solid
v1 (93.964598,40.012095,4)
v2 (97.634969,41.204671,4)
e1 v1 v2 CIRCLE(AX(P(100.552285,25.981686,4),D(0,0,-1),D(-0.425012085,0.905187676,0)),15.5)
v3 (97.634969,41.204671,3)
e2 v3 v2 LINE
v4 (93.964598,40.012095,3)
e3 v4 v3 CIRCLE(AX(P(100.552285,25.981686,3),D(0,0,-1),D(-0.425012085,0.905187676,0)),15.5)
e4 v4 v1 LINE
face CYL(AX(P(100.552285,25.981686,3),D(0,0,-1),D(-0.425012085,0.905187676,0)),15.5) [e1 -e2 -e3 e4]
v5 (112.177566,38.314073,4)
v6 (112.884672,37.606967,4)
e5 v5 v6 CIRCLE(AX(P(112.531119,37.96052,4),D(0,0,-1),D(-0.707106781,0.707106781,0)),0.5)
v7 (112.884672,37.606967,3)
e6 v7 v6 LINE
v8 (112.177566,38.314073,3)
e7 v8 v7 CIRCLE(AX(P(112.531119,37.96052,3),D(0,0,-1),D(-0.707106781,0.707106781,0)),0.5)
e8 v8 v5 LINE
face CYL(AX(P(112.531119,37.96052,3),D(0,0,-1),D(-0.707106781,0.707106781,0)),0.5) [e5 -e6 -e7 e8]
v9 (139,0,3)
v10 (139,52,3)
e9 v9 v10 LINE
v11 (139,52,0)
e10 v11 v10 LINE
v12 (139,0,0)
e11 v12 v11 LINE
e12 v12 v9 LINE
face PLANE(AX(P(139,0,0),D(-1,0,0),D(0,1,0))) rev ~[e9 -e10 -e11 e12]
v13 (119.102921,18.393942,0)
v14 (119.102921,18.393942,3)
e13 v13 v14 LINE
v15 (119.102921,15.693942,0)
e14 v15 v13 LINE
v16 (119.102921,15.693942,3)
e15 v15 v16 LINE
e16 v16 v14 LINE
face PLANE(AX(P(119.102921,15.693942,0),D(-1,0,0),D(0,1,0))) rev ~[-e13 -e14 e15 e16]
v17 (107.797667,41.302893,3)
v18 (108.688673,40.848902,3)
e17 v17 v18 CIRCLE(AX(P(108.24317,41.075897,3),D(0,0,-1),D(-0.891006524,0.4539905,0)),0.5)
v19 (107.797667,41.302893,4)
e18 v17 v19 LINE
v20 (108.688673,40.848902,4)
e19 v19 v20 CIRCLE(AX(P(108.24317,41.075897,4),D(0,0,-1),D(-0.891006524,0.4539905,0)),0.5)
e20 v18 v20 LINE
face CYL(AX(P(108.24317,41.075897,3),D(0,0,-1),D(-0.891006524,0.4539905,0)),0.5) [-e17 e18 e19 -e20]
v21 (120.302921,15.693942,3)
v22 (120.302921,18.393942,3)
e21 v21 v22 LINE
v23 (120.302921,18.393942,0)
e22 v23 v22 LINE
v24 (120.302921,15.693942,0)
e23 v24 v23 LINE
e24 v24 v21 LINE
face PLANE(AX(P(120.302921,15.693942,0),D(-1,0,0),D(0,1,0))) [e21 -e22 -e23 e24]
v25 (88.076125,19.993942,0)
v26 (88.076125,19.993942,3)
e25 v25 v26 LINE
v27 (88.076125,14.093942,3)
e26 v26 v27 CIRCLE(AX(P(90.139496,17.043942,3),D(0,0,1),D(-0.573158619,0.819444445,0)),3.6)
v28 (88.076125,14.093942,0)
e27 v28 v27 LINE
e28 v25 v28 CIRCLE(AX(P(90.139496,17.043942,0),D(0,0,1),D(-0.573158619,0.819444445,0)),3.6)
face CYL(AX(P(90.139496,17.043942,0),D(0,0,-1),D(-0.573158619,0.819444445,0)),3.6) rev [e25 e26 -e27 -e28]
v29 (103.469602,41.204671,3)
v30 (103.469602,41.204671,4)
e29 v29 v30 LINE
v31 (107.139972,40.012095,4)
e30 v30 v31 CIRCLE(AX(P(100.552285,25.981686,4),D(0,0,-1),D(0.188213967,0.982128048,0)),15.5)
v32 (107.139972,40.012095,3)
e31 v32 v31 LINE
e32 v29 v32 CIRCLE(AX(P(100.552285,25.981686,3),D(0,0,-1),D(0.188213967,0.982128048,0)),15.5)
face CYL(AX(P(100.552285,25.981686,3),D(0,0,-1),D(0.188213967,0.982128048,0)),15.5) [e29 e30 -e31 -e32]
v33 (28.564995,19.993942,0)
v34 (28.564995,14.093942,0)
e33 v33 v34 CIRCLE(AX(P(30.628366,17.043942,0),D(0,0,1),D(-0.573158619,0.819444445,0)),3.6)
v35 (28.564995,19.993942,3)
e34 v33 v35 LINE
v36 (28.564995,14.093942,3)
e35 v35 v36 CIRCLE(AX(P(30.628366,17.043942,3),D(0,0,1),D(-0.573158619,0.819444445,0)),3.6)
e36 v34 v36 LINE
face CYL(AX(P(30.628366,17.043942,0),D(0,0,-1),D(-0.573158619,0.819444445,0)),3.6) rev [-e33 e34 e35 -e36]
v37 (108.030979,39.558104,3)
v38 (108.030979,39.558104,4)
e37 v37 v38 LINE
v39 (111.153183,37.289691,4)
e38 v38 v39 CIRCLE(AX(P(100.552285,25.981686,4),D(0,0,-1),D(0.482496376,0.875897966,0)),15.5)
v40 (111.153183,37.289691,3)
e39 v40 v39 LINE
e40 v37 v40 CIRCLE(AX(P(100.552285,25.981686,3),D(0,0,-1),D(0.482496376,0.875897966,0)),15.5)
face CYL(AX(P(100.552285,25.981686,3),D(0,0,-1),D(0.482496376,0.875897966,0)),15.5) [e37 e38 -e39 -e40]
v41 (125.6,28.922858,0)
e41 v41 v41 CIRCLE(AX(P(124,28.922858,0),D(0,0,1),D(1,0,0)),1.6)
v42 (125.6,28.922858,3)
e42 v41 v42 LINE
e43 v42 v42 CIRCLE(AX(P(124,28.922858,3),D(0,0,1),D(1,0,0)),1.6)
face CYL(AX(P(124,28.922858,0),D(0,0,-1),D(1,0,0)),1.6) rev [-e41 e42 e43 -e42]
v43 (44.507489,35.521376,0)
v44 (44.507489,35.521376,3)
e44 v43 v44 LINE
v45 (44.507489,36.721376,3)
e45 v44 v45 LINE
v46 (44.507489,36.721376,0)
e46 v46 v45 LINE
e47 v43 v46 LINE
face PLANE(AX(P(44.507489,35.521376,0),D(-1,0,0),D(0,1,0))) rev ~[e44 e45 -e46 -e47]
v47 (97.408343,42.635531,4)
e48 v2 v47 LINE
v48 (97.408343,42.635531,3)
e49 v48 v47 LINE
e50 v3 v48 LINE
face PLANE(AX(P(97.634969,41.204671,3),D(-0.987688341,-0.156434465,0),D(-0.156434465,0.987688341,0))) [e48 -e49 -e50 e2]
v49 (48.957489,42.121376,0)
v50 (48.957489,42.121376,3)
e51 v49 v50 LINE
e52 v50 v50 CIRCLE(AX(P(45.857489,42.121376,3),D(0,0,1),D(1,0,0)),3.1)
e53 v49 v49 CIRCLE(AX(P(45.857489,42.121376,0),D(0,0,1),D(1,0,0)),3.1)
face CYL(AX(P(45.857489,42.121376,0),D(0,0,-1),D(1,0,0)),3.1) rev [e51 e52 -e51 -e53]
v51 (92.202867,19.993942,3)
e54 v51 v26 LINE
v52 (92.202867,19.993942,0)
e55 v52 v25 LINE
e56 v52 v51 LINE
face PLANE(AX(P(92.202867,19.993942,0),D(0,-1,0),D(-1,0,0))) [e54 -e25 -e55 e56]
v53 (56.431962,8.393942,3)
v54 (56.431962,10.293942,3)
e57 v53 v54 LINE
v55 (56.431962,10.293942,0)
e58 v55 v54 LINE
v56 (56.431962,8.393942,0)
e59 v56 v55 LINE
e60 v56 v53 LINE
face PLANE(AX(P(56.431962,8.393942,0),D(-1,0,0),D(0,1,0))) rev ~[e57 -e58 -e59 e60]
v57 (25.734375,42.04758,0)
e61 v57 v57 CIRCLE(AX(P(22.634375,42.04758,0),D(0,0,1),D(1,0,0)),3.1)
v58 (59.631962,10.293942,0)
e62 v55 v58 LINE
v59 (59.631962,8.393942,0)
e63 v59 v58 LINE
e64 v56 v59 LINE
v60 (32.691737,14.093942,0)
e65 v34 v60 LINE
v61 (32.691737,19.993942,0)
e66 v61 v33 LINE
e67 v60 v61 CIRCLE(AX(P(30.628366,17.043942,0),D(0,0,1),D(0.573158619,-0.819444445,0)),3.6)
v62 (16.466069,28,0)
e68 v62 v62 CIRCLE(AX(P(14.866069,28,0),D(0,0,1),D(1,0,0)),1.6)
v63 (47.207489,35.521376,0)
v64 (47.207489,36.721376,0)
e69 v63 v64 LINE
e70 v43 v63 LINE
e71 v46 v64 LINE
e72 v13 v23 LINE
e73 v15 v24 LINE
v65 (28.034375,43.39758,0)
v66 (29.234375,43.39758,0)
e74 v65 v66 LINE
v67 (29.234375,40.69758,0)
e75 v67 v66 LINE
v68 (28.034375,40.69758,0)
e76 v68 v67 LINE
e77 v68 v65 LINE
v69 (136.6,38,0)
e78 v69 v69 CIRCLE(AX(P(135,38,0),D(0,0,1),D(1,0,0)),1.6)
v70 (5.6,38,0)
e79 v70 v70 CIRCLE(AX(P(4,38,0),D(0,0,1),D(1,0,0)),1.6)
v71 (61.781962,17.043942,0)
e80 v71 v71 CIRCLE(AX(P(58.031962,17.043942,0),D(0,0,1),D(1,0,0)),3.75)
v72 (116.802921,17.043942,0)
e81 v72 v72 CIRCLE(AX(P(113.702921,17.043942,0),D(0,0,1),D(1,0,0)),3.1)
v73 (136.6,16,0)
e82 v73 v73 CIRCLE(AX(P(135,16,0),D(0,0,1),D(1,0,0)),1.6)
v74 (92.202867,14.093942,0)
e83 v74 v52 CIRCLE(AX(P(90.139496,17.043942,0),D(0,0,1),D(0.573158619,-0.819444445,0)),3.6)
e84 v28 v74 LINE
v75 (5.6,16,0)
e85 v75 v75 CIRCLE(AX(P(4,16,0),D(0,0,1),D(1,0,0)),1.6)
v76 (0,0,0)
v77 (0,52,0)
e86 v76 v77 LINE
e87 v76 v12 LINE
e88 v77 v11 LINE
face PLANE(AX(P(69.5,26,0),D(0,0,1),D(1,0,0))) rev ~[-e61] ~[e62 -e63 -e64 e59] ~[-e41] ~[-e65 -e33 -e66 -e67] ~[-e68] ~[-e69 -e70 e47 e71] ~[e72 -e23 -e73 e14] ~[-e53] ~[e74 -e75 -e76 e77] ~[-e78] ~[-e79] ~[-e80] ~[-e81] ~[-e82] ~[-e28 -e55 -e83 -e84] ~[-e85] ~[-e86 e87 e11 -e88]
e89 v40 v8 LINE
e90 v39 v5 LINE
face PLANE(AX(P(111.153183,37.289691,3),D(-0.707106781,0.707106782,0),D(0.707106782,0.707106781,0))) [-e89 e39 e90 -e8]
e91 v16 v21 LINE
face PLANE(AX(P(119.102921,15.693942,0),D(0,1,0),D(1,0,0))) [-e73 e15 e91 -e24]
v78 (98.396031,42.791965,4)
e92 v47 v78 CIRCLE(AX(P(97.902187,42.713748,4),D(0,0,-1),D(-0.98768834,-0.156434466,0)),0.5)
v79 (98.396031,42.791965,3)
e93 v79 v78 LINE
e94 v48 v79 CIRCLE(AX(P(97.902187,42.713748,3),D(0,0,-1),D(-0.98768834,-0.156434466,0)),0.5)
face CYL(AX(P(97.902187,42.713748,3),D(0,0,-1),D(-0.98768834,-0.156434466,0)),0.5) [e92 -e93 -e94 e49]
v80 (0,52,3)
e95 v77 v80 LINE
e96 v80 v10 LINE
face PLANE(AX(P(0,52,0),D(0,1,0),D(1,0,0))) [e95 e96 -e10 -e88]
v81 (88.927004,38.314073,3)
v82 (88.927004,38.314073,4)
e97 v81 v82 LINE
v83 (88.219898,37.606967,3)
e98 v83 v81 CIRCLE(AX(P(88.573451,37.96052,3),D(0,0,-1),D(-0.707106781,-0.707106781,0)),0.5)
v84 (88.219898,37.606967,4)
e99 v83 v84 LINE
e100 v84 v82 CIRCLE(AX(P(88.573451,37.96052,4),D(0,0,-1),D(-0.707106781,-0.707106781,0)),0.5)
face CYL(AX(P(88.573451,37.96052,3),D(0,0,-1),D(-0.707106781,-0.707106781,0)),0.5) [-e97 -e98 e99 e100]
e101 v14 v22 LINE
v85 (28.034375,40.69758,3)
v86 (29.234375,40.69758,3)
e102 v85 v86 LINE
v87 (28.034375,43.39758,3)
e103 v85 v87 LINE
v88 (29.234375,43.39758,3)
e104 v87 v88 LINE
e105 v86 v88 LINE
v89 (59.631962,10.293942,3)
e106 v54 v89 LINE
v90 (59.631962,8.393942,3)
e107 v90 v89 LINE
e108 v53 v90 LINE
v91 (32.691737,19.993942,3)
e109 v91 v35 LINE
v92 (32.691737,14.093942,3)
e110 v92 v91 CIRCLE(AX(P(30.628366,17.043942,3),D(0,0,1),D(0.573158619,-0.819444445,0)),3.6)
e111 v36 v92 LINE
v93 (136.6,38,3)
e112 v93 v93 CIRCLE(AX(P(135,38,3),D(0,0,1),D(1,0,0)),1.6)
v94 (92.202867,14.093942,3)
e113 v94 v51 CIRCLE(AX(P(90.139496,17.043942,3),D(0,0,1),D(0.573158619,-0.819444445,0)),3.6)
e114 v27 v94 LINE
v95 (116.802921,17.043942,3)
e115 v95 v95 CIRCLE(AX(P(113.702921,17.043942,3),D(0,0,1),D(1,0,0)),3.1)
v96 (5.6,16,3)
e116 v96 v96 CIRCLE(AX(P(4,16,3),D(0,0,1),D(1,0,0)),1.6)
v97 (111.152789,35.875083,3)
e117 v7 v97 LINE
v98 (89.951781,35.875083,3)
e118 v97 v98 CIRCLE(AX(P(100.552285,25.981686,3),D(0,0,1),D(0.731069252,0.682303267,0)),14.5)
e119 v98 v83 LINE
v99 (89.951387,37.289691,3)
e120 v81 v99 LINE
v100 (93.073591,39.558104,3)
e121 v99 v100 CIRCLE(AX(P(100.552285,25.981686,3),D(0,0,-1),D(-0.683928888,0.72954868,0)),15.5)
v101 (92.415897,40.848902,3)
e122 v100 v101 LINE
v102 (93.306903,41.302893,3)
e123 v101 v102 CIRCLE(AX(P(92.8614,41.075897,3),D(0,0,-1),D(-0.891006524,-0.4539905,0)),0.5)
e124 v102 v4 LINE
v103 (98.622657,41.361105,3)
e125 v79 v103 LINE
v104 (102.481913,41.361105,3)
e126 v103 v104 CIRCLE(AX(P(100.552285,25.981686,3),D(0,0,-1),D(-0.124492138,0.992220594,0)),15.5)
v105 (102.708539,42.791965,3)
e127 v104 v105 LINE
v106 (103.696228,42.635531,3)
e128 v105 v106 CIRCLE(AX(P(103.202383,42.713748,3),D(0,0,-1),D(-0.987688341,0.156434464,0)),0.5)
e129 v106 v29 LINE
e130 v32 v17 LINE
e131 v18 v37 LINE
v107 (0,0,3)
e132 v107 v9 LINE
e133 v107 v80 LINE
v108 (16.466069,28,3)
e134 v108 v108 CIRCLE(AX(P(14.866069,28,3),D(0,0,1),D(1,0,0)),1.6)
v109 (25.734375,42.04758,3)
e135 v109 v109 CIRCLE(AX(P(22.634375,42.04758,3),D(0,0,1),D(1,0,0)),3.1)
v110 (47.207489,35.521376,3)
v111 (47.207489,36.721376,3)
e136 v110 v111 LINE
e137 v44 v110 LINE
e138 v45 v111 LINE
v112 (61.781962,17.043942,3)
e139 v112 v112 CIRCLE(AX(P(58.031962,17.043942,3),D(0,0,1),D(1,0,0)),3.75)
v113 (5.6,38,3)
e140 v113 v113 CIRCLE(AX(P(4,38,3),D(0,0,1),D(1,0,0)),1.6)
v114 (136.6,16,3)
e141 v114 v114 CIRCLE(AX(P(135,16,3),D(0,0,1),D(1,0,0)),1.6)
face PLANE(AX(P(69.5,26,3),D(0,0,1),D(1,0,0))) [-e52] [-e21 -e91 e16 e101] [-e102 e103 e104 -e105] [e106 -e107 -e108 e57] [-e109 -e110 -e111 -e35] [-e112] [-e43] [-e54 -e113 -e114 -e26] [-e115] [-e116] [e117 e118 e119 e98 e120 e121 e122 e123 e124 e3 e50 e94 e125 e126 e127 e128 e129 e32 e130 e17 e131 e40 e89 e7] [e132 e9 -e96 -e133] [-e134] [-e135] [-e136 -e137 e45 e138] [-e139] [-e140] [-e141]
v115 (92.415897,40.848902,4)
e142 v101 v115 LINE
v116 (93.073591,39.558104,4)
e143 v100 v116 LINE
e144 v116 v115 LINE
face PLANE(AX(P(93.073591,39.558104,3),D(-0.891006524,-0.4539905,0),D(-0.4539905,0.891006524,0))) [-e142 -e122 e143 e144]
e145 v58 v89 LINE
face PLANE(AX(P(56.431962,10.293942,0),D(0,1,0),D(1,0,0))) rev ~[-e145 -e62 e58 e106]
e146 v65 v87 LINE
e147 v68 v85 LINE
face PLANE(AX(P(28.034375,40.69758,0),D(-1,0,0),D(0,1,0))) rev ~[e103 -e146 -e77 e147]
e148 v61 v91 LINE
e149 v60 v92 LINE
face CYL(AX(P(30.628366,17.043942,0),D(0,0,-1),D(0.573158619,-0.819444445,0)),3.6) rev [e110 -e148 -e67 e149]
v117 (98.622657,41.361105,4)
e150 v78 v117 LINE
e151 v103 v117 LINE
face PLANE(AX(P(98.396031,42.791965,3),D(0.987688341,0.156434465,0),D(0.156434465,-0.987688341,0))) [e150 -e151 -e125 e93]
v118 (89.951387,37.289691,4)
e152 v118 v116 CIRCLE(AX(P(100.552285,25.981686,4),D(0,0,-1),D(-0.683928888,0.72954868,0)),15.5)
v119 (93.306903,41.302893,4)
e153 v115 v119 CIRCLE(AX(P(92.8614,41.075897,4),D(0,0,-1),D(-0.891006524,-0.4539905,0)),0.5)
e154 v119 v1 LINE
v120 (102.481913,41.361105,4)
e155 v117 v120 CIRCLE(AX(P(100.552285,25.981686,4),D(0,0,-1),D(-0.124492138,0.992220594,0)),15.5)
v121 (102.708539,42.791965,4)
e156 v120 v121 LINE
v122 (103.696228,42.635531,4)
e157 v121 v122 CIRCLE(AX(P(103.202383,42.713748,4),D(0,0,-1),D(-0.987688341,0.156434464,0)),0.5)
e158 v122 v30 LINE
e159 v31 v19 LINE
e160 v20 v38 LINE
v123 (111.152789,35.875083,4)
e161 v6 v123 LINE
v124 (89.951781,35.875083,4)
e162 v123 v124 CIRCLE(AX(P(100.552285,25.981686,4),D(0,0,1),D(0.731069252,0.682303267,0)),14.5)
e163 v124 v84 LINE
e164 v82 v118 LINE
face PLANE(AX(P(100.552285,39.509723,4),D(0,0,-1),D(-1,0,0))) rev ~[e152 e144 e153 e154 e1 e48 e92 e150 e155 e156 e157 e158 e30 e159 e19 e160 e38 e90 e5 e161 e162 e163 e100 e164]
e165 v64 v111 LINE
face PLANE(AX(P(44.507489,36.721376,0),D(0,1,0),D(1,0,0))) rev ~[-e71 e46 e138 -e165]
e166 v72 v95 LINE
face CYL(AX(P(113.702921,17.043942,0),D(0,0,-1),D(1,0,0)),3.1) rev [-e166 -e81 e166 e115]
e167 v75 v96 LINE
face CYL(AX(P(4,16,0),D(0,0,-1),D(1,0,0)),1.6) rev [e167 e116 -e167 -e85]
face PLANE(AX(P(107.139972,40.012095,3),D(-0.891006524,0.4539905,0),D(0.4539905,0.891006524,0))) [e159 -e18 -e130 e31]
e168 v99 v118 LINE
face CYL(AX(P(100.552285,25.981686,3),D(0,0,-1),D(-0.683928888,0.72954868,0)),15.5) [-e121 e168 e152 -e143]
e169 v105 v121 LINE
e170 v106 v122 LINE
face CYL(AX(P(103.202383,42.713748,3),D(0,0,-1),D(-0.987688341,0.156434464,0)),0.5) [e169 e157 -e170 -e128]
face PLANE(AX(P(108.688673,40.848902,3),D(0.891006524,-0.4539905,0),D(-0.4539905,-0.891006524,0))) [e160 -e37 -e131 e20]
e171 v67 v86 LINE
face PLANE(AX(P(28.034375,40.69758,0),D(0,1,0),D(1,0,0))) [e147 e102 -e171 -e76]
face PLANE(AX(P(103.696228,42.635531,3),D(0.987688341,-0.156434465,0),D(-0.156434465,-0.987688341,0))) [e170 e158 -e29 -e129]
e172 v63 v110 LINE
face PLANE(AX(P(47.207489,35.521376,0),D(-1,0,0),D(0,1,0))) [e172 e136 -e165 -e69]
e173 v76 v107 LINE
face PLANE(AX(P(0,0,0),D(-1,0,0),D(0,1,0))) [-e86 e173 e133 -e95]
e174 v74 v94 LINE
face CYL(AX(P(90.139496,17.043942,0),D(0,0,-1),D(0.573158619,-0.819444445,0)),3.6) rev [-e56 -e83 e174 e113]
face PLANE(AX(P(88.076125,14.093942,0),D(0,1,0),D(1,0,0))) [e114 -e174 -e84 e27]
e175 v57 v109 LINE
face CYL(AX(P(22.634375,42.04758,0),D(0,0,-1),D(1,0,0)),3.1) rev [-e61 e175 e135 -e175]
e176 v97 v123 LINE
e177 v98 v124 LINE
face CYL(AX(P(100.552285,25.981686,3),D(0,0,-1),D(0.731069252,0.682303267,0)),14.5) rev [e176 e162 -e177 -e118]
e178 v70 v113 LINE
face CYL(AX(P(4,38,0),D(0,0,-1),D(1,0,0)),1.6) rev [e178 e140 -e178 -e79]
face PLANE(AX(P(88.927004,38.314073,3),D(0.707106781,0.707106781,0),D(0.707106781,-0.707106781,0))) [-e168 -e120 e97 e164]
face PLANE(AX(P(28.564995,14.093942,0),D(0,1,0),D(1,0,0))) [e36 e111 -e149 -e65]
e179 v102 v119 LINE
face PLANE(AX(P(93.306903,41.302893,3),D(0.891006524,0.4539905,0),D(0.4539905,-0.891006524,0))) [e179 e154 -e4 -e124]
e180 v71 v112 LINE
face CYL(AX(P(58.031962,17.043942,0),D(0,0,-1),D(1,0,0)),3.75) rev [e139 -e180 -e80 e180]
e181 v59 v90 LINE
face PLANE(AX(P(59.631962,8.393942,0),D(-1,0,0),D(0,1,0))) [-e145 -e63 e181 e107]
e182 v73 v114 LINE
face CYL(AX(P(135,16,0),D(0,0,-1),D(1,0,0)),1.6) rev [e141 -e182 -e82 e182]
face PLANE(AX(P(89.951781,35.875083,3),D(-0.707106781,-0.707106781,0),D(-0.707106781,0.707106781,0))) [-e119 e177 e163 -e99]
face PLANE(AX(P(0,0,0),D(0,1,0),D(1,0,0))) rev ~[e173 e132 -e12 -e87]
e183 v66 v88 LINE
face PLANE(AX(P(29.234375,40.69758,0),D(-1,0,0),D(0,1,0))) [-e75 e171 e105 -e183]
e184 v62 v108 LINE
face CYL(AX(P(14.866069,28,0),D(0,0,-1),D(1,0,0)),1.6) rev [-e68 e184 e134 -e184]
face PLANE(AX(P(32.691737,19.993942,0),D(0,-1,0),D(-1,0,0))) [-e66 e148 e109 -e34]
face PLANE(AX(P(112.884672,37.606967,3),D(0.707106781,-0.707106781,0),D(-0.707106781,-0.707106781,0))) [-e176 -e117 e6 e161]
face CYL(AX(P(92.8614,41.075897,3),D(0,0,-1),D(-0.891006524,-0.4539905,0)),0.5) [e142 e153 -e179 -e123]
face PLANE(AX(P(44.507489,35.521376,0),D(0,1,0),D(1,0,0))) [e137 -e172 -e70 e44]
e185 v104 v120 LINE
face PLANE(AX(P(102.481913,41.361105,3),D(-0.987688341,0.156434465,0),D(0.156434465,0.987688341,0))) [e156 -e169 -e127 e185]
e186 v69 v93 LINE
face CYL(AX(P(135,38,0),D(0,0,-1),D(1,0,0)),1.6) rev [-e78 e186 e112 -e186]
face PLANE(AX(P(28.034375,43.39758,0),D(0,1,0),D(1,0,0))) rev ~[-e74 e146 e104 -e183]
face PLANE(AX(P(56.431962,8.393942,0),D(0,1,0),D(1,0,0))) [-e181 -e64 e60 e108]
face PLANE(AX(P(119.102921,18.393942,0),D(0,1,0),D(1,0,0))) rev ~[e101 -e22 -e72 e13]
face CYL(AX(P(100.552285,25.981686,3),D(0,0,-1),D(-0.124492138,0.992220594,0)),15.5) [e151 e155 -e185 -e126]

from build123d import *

# Parameters (mm, degrees)
SKETCH1_W           = 139
SKETCH1_H           = 52
SKETCH1_R           = 3.1
SKETCH1_R_2         = 1.6
SKETCH1_R_3         = 3.75
SKETCH1_W_2         = 3.2
SKETCH1_H_2         = 1.9
SKETCH1_W_3         = 1.2
SKETCH1_H_3         = 2.7
SKETCH1_W_4         = 2.7
SKETCH1_H_4         = 1.2
BOSS_EXTRUDE1_DEPTH = 3
BOSS_EXTRUDE2_DEPTH = 1


with BuildPart() as part:
    # Sketch1 → Boss-Extrude1 (new body)
    with BuildSketch(Plane.XY):
        with Locations((69.5, 26)):
            Rectangle(SKETCH1_W, SKETCH1_H)
        with Locations((22.634375474, 42.047579972)):
            Circle(SKETCH1_R, mode=Mode.SUBTRACT)
        with Locations((4, 38)):
            Circle(SKETCH1_R_2, mode=Mode.SUBTRACT)
        with Locations((135, 38)):
            Circle(SKETCH1_R_2, mode=Mode.SUBTRACT)
        with Locations((135, 16)):
            Circle(SKETCH1_R_2, mode=Mode.SUBTRACT)
        with Locations((4, 16)):
            Circle(SKETCH1_R_2, mode=Mode.SUBTRACT)
        with Locations((14.866068747, 28)):
            Circle(SKETCH1_R_2, mode=Mode.SUBTRACT)
        with Locations((124, 28.922858178)):
            Circle(SKETCH1_R_2, mode=Mode.SUBTRACT)
        with Locations((58.031961536, 17.043942087)):
            Circle(SKETCH1_R_3, mode=Mode.SUBTRACT)
        with Locations((45.857489394, 42.12137557)):
            Circle(SKETCH1_R, mode=Mode.SUBTRACT)
        with Locations((113.702920713, 17.043942087)):
            Circle(SKETCH1_R, mode=Mode.SUBTRACT)
        with Locations((58.031961536, 9.343942087)):
            Rectangle(SKETCH1_W_2, SKETCH1_H_2, mode=Mode.SUBTRACT)
        with Locations((28.634375474, 42.047579972)):
            Rectangle(SKETCH1_W_3, SKETCH1_H_3, mode=Mode.SUBTRACT)
        with BuildLine():
            Line((88.076124719, 14.093942087), (92.202866775, 14.093942087))
            ThreePointArc((92.202866775, 14.093942087), (93.739495747, 17.043942087), (92.202866775, 19.993942087))
            Line((92.202866775, 19.993942087), (88.076124719, 19.993942087))
            ThreePointArc((88.076124719, 19.993942087), (86.539495747, 17.043942087), (88.076124719, 14.093942087))
        make_face(mode=Mode.SUBTRACT)
        with Locations((45.857489394, 36.12137557)):
            Rectangle(SKETCH1_W_4, SKETCH1_H_4, mode=Mode.SUBTRACT)
        with BuildLine():
            Line((28.564994968, 14.093942087), (32.691737024, 14.093942087))
            ThreePointArc((32.691737024, 14.093942087), (34.228365996, 17.043942087), (32.691737024, 19.993942087))
            Line((32.691737024, 19.993942087), (28.564994968, 19.993942087))
            ThreePointArc((28.564994968, 19.993942087), (27.028365996, 17.043942087), (28.564994968, 14.093942087))
        make_face(mode=Mode.SUBTRACT)
        with Locations((119.702920713, 17.043942087)):
            Rectangle(SKETCH1_W_3, SKETCH1_H_3, mode=Mode.SUBTRACT)
    extrude(amount=BOSS_EXTRUDE1_DEPTH)

    # Sketch2 → Boss-Extrude2 (add)
    with BuildSketch(Plane.XY.offset(3)):
        with BuildLine():
            Line((111.153182821, 37.289690551), (112.17756564, 38.314073369))
            ThreePointArc((112.17756564, 38.314073369), (112.884672421, 38.314073369), (112.884672421, 37.606966588))
            Line((112.884672421, 37.606966588), (111.152789219, 35.875083385))
            ThreePointArc((111.152789219, 35.875083385), (100.552285062, 40.48168601), (89.951780905, 35.875083385))
            Line((89.951780905, 35.875083385), (88.219897703, 37.606966588))
            ThreePointArc((88.219897703, 37.606966588), (88.219897703, 38.314073369), (88.927004484, 38.314073369))
            Line((88.927004484, 38.314073369), (89.951387302, 37.289690551))
            ThreePointArc((89.951387302, 37.289690551), (91.441613651, 38.521449423), (93.073591221, 39.558104478))
            Line((93.073591221, 39.558104478), (92.415896966, 40.848902132))
            ThreePointArc((92.415896966, 40.848902132), (92.634404978, 41.521400644), (93.30690349, 41.302892632))
            Line((93.30690349, 41.302892632), (93.964597745, 40.012094978))
            ThreePointArc((93.964597745, 40.012094978), (95.762521649, 40.723062012), (97.63496858, 41.204670755))
            Line((97.63496858, 41.204670755), (97.408342585, 42.635530977))
            ThreePointArc((97.408342585, 42.635530977), (97.823969523, 43.20759238), (98.396030925, 42.791965442))
            Line((98.396030925, 42.791965442), (98.622656921, 41.36110522))
            ThreePointArc((98.622656921, 41.36110522), (100.552285062, 41.48168601), (102.481913203, 41.36110522))
            Line((102.481913203, 41.36110522), (102.708539199, 42.791965442))
            ThreePointArc((102.708539199, 42.791965442), (103.280600601, 43.20759238), (103.696227539, 42.635530977))
            Line((103.696227539, 42.635530977), (103.469601544, 41.204670755))
            ThreePointArc((103.469601544, 41.204670755), (105.342048475, 40.723062012), (107.139972379, 40.012094978))
            Line((107.139972379, 40.012094978), (107.797666634, 41.302892632))
            ThreePointArc((107.797666634, 41.302892632), (108.470165146, 41.521400644), (108.688673158, 40.848902132))
            Line((108.688673158, 40.848902132), (108.030978903, 39.558104478))
            ThreePointArc((108.030978903, 39.558104478), (109.662956473, 38.521449423), (111.153182821, 37.289690551))
        make_face()
    extrude(amount=BOSS_EXTRUDE2_DEPTH)


solid = part.part
